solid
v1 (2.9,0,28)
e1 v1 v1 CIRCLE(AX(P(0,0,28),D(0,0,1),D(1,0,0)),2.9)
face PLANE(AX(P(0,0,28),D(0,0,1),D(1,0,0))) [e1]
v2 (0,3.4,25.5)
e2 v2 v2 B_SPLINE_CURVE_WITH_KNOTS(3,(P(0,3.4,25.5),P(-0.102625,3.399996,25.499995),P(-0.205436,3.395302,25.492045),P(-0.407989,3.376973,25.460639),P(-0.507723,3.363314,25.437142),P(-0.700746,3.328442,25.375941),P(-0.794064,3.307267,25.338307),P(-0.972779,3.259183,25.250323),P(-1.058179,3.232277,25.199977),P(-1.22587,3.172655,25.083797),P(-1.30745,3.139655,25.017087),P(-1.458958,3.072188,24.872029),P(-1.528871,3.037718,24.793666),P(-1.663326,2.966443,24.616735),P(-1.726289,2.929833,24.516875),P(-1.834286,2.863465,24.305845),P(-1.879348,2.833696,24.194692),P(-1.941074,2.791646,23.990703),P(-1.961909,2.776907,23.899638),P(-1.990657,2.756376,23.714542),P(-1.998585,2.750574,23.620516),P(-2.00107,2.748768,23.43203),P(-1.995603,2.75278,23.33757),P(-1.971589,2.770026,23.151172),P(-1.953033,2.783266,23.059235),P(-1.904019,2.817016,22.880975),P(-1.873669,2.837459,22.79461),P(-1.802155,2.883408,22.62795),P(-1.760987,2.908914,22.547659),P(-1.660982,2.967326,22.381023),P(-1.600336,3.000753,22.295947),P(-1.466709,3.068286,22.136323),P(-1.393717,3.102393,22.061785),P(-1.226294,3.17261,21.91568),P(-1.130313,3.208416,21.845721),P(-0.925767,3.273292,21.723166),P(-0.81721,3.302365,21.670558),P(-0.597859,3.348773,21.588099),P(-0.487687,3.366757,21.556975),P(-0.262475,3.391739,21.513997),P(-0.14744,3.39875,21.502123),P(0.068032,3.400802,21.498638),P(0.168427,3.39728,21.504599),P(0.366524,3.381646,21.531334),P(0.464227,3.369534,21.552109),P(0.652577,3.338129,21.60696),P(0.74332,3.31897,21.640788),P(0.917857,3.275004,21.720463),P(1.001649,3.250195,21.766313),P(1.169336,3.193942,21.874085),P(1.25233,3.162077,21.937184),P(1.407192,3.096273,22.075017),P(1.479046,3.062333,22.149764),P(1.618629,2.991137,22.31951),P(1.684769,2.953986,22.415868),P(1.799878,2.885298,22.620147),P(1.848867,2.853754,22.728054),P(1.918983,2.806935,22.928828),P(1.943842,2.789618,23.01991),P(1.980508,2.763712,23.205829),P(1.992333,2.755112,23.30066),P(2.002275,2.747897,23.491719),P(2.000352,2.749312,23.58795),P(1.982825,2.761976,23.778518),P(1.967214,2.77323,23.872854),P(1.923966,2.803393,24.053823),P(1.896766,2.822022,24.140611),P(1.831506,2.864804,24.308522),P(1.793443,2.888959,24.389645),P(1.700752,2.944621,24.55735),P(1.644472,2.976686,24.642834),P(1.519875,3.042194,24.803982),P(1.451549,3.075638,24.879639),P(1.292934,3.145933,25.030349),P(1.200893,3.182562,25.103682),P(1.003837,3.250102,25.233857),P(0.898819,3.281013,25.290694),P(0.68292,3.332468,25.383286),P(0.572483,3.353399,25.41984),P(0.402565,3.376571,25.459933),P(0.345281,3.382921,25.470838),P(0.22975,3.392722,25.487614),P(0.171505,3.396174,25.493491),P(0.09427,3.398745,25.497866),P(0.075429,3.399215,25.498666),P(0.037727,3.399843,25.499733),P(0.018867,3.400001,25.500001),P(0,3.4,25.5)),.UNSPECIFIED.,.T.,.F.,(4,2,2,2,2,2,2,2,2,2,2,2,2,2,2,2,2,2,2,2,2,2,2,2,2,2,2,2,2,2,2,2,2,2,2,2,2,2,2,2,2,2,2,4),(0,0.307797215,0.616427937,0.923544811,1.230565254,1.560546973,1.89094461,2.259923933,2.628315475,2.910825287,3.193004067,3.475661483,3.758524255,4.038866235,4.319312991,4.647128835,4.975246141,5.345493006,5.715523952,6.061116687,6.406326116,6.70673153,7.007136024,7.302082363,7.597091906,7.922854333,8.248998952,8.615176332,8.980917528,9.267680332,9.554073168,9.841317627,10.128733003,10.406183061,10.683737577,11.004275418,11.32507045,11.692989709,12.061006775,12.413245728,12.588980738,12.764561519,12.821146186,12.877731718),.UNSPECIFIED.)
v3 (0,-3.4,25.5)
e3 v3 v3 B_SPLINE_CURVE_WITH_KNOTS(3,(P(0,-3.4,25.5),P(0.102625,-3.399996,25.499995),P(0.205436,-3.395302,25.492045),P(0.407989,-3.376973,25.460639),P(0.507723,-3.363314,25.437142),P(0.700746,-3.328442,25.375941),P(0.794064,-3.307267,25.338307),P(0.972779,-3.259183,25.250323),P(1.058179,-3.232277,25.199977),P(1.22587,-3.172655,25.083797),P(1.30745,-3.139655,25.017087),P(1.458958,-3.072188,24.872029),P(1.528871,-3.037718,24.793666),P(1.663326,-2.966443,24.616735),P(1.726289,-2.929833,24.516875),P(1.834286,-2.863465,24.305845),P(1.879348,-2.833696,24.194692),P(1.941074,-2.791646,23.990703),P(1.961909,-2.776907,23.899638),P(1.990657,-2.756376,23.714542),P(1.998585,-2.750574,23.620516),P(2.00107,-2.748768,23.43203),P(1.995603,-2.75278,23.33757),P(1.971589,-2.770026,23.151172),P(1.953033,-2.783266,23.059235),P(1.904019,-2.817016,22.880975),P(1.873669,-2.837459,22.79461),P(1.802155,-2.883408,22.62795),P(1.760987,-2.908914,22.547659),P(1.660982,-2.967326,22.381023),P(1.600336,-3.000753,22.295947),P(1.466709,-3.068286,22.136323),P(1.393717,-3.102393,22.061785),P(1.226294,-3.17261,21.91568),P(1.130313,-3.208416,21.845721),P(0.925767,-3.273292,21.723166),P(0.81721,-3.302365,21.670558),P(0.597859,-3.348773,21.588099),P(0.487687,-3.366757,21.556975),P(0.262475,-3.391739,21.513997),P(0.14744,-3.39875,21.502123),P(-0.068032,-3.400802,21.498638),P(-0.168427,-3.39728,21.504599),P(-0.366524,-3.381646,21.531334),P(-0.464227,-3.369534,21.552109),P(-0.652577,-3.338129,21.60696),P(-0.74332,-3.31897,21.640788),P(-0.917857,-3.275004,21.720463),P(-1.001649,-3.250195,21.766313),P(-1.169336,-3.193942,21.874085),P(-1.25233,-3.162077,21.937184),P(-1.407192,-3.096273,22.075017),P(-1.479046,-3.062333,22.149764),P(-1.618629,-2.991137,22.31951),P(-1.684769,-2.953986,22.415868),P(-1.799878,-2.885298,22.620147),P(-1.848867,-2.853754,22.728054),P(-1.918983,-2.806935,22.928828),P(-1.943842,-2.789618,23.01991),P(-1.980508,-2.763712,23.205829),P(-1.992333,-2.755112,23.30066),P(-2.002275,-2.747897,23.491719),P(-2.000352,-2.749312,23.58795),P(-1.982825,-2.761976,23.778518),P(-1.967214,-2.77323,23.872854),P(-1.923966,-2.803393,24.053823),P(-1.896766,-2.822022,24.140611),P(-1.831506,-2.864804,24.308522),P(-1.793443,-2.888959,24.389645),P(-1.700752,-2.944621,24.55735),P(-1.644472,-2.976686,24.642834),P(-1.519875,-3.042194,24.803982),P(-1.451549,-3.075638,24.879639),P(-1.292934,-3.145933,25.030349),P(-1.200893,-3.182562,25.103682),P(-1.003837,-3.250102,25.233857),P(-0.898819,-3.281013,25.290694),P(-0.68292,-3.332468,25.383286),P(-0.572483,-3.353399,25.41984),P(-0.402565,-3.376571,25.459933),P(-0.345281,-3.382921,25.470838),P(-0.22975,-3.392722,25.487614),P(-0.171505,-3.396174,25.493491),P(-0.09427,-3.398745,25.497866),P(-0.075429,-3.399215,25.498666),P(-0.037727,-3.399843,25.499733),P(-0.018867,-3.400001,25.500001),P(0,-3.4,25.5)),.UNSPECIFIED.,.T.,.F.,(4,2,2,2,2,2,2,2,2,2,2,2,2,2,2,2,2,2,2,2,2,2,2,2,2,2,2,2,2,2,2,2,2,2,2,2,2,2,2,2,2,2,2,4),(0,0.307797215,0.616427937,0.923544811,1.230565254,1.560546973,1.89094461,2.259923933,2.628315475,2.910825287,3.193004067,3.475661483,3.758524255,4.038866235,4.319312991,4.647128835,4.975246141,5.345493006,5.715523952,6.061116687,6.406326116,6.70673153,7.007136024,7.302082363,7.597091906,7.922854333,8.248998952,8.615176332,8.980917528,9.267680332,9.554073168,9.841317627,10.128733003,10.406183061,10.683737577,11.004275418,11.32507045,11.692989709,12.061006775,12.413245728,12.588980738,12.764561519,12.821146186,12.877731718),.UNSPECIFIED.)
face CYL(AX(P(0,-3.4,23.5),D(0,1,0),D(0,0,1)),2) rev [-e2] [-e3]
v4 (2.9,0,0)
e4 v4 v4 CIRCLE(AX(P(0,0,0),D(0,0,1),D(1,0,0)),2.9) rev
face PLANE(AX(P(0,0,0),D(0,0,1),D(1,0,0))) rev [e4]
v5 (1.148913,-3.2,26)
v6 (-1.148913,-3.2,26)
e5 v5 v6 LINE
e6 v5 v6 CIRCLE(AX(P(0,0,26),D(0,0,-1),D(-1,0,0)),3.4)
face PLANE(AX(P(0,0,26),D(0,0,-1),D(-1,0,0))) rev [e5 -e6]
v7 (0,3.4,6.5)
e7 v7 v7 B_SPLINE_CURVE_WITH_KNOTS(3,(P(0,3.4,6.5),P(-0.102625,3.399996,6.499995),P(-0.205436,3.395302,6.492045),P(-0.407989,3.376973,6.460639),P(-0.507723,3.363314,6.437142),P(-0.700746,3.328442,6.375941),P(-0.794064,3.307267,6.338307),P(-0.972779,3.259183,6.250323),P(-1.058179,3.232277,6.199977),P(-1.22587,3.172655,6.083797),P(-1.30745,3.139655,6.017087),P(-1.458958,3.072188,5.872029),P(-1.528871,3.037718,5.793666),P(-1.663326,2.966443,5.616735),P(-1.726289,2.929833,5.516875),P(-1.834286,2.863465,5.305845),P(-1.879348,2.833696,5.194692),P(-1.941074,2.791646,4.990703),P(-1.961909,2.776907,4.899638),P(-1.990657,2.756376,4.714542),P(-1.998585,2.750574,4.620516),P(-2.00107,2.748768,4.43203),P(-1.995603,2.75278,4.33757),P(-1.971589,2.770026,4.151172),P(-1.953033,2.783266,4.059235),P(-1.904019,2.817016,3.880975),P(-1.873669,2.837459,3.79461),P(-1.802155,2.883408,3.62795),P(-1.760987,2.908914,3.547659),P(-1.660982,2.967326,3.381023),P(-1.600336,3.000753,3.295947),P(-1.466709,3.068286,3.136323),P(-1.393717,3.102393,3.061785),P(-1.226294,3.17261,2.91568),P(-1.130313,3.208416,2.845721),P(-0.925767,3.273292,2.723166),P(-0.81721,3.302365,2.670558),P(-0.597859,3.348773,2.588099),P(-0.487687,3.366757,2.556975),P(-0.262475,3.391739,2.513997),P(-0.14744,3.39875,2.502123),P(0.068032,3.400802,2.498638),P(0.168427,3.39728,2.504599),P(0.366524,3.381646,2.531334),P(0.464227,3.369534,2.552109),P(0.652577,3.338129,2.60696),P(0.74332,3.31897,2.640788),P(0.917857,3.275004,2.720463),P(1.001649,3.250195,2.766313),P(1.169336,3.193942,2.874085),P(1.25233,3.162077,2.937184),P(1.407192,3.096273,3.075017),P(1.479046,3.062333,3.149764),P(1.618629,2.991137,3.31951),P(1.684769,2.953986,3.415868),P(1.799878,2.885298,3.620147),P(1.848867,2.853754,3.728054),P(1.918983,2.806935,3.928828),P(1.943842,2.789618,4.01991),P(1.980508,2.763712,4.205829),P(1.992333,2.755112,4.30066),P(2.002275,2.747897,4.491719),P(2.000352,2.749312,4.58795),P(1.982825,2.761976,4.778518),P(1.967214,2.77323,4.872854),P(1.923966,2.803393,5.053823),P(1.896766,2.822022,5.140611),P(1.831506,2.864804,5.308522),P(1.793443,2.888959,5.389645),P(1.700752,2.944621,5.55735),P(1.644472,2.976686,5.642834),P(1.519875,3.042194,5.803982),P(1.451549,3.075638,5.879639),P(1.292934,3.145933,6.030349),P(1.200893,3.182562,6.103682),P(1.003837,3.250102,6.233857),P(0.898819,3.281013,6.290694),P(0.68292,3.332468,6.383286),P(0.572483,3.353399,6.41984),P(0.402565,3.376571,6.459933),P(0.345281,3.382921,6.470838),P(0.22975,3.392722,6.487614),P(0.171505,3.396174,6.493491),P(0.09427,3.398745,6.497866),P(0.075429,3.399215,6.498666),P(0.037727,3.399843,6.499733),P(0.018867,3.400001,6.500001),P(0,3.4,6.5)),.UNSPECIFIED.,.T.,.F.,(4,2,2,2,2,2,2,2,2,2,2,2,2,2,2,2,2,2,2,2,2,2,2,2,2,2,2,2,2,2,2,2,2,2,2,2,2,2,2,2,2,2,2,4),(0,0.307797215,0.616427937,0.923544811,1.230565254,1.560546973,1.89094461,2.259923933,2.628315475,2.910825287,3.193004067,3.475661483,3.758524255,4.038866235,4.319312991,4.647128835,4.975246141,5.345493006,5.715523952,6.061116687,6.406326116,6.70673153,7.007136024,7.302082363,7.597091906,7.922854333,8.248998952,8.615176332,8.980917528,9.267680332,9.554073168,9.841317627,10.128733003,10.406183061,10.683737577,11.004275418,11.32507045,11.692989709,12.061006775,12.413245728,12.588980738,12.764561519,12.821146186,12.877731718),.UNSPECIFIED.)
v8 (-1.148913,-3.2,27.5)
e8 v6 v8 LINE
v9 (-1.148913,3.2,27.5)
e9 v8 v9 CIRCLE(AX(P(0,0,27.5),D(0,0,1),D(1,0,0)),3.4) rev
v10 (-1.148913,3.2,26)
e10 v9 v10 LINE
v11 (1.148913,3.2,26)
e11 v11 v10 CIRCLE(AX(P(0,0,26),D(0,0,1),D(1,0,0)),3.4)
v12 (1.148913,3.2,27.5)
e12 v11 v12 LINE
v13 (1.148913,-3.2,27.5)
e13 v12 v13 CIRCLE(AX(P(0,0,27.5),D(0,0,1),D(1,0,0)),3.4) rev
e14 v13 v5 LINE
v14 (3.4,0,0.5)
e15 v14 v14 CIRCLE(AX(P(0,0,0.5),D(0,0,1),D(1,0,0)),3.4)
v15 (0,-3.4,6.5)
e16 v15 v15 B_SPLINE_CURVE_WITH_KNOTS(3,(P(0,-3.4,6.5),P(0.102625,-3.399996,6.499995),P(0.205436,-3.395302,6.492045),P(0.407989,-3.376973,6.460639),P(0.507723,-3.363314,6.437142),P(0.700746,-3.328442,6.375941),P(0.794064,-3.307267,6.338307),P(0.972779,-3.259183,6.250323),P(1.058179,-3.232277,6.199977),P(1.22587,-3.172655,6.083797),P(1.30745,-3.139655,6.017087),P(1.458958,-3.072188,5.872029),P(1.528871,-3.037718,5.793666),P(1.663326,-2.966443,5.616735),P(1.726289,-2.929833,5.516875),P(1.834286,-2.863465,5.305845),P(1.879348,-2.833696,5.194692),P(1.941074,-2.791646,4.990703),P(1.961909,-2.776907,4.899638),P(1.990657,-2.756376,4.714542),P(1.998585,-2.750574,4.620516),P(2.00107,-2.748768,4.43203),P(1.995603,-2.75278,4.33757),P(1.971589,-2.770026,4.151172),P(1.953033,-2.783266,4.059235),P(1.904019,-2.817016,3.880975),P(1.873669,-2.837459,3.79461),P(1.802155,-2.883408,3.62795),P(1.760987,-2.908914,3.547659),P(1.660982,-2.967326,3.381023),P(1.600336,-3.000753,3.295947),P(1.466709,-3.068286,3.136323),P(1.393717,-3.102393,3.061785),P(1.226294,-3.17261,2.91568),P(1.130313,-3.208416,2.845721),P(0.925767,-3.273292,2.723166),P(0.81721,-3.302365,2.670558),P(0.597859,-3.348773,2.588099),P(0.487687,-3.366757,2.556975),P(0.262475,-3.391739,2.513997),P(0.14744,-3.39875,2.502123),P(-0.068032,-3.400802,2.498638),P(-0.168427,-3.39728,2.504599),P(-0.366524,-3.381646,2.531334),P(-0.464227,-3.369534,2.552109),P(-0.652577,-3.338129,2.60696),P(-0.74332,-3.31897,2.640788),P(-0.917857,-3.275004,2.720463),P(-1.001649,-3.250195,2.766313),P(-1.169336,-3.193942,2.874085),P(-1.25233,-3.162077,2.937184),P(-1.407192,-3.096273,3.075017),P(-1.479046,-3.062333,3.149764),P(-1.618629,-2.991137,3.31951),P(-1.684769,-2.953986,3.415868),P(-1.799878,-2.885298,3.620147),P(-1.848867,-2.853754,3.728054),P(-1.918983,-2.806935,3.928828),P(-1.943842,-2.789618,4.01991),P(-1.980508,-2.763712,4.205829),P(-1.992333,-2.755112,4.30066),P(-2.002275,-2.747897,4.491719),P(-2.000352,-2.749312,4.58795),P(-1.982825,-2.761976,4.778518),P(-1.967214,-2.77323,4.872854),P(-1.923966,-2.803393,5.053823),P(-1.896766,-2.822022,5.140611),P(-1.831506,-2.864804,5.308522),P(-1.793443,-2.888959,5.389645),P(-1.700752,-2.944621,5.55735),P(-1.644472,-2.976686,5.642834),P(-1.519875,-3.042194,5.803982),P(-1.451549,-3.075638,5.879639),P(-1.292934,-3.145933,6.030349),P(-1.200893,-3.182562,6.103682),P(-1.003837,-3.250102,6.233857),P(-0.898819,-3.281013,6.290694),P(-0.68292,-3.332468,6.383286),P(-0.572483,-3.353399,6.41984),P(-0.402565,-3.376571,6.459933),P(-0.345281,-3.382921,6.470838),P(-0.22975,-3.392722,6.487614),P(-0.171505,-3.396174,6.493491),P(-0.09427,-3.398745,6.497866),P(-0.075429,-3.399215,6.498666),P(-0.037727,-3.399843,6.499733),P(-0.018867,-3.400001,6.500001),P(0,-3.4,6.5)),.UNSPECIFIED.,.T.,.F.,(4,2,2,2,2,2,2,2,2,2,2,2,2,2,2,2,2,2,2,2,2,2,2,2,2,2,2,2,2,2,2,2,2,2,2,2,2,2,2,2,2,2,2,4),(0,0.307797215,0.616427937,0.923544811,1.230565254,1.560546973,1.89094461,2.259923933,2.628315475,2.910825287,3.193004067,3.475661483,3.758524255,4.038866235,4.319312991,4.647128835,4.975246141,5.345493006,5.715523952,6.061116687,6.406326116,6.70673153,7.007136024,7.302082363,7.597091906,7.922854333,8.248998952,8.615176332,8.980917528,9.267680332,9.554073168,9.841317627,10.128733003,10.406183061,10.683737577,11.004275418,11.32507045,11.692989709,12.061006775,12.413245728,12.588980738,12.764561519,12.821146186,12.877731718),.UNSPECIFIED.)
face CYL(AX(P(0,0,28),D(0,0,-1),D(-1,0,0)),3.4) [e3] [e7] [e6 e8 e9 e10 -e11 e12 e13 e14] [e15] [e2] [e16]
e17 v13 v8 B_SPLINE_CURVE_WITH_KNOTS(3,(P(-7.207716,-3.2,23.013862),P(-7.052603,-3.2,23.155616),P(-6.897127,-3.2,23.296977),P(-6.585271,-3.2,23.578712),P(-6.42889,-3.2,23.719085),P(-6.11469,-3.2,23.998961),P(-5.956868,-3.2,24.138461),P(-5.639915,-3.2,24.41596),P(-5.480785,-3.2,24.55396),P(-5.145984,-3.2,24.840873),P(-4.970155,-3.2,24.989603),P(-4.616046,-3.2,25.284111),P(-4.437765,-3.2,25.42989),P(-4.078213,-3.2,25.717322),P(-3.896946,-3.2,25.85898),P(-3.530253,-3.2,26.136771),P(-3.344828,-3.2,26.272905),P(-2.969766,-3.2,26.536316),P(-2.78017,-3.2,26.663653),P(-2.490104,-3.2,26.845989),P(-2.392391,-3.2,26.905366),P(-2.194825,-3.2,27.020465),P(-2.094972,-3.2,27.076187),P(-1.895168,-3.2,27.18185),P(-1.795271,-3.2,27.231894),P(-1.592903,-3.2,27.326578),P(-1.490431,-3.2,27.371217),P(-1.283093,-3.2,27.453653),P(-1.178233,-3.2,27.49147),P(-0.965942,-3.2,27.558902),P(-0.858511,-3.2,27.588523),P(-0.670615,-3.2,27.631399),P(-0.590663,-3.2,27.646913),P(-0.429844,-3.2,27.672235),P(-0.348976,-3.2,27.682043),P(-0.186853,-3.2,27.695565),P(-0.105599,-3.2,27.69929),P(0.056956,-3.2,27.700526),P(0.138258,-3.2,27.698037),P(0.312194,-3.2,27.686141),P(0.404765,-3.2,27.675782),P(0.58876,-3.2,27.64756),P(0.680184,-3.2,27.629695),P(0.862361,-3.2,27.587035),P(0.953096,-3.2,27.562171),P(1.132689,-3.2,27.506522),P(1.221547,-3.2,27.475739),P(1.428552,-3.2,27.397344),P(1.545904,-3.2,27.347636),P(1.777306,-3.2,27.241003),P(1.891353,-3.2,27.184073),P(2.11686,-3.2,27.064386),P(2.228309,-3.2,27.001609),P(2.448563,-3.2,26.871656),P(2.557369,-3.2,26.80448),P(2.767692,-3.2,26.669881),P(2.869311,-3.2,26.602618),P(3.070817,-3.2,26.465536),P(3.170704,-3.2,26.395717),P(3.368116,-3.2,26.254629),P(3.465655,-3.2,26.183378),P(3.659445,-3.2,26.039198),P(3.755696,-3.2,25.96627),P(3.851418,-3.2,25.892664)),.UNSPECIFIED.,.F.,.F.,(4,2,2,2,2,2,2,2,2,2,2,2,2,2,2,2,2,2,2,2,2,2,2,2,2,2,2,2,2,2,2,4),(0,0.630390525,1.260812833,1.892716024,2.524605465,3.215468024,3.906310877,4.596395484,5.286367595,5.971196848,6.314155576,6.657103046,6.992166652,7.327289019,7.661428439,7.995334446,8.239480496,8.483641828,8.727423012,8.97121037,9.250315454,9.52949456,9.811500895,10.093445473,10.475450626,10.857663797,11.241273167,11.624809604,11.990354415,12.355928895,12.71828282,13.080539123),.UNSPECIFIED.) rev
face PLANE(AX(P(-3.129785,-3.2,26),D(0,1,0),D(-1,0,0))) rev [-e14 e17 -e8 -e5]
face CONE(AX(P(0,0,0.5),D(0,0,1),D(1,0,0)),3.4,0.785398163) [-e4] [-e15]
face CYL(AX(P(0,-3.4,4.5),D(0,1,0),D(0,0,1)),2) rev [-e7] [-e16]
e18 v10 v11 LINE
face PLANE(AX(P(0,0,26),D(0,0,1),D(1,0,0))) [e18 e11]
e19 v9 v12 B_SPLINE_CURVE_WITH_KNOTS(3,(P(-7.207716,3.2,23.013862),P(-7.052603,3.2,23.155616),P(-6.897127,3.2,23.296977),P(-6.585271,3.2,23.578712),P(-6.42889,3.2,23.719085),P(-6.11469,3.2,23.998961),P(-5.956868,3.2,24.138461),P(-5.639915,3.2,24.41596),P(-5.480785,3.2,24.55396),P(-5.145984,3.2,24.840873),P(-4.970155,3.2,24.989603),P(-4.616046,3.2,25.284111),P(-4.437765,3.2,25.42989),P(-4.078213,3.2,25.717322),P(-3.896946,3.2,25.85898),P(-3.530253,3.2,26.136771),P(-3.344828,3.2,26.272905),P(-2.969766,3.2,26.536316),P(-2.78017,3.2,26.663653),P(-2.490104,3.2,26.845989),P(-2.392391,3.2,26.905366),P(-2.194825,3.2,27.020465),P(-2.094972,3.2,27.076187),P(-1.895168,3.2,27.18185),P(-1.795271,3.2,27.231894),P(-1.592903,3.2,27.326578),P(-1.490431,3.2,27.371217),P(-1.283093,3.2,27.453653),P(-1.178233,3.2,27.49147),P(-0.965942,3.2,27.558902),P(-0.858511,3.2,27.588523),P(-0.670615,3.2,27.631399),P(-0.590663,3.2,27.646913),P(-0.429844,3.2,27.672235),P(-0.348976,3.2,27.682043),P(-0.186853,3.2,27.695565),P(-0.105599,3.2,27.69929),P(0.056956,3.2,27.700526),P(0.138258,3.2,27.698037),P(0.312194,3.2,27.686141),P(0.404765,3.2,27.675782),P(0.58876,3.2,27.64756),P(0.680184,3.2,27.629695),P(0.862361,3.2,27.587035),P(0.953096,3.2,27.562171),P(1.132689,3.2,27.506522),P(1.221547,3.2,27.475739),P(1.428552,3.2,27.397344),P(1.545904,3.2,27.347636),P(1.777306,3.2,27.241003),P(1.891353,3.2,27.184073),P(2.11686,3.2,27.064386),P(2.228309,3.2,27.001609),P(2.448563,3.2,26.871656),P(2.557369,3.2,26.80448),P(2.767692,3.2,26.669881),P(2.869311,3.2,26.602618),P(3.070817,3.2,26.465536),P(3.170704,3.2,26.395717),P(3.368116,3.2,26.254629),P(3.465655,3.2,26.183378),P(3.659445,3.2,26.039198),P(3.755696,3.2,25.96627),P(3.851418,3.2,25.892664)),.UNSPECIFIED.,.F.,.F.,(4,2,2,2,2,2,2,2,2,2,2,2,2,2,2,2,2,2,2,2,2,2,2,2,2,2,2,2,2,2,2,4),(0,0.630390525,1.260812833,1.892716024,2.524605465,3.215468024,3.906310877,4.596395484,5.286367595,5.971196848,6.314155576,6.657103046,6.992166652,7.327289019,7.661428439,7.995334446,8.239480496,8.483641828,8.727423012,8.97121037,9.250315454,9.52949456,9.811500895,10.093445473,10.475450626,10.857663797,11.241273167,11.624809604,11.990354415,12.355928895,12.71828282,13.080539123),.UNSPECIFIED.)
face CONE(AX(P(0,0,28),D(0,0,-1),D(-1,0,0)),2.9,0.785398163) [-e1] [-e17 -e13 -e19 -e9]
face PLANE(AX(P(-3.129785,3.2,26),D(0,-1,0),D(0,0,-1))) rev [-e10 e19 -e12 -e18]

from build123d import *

# Parameters (mm, degrees)
ESQUISSE1_R                  = 3.4
BOSS_EXTRU_1_DEPTH           = 28
ENL_V_MAT_EXTRU_1_DEPTH      = 29.409857444
ENL_V_MAT_EXTRU_1_DEPTH_BACK = 29.409857444
ESQUISSE2_R                  = 2
CHANFREIN1_SIZE              = 0.5
ESQUISSE3_W                  = 6.25957
ESQUISSE3_H                  = 2.330719663
ENL_V_MAT_EXTRU_2_DEPTH      = 2


with BuildPart() as part:
    # Esquisse1 → Boss.-Extru.1 (new body)
    with BuildSketch(Plane.XY):
        Circle(ESQUISSE1_R)
    extrude(amount=BOSS_EXTRU_1_DEPTH)

    # Esquisse2 → Enlèv. mat.-Extru.1 (cut, two sides: drawn at the far end of the back side and taken through both)
    with BuildSketch(Plane(origin=(0, 0, 0), x_dir=(1, 0, 0), z_dir=(0, 1, 0)).offset(-ENL_V_MAT_EXTRU_1_DEPTH_BACK)):
        with Locations(Location((0, -4.5, 0), (0, 0, 270))):
            Circle(ESQUISSE2_R)
        with Locations(Location((0, -23.5, 0), (0, 0, 270))):
            Circle(ESQUISSE2_R)
    extrude(amount=ENL_V_MAT_EXTRU_1_DEPTH + ENL_V_MAT_EXTRU_1_DEPTH_BACK, mode=Mode.SUBTRACT)

    # Chanfrein1
    chanfrein1_edges = [part.edges().sort_by_distance(p)[0] for p in [
        (-3.4, 0, 0),
        (-3.4, 0, 28),
    ]]
    chamfer(chanfrein1_edges, length=CHANFREIN1_SIZE)

    # Esquisse3 → Enlèv. mat.-Extru.2 (cut)
    with BuildSketch(Plane.XY.offset(28)):
        with Locations((0, 4.365359832)):
            Rectangle(ESQUISSE3_W, ESQUISSE3_H)
        with Locations((0, -4.365359832)):
            Rectangle(ESQUISSE3_W, ESQUISSE3_H)
    extrude(amount=-ENL_V_MAT_EXTRU_2_DEPTH, mode=Mode.SUBTRACT)


solid = part.part
